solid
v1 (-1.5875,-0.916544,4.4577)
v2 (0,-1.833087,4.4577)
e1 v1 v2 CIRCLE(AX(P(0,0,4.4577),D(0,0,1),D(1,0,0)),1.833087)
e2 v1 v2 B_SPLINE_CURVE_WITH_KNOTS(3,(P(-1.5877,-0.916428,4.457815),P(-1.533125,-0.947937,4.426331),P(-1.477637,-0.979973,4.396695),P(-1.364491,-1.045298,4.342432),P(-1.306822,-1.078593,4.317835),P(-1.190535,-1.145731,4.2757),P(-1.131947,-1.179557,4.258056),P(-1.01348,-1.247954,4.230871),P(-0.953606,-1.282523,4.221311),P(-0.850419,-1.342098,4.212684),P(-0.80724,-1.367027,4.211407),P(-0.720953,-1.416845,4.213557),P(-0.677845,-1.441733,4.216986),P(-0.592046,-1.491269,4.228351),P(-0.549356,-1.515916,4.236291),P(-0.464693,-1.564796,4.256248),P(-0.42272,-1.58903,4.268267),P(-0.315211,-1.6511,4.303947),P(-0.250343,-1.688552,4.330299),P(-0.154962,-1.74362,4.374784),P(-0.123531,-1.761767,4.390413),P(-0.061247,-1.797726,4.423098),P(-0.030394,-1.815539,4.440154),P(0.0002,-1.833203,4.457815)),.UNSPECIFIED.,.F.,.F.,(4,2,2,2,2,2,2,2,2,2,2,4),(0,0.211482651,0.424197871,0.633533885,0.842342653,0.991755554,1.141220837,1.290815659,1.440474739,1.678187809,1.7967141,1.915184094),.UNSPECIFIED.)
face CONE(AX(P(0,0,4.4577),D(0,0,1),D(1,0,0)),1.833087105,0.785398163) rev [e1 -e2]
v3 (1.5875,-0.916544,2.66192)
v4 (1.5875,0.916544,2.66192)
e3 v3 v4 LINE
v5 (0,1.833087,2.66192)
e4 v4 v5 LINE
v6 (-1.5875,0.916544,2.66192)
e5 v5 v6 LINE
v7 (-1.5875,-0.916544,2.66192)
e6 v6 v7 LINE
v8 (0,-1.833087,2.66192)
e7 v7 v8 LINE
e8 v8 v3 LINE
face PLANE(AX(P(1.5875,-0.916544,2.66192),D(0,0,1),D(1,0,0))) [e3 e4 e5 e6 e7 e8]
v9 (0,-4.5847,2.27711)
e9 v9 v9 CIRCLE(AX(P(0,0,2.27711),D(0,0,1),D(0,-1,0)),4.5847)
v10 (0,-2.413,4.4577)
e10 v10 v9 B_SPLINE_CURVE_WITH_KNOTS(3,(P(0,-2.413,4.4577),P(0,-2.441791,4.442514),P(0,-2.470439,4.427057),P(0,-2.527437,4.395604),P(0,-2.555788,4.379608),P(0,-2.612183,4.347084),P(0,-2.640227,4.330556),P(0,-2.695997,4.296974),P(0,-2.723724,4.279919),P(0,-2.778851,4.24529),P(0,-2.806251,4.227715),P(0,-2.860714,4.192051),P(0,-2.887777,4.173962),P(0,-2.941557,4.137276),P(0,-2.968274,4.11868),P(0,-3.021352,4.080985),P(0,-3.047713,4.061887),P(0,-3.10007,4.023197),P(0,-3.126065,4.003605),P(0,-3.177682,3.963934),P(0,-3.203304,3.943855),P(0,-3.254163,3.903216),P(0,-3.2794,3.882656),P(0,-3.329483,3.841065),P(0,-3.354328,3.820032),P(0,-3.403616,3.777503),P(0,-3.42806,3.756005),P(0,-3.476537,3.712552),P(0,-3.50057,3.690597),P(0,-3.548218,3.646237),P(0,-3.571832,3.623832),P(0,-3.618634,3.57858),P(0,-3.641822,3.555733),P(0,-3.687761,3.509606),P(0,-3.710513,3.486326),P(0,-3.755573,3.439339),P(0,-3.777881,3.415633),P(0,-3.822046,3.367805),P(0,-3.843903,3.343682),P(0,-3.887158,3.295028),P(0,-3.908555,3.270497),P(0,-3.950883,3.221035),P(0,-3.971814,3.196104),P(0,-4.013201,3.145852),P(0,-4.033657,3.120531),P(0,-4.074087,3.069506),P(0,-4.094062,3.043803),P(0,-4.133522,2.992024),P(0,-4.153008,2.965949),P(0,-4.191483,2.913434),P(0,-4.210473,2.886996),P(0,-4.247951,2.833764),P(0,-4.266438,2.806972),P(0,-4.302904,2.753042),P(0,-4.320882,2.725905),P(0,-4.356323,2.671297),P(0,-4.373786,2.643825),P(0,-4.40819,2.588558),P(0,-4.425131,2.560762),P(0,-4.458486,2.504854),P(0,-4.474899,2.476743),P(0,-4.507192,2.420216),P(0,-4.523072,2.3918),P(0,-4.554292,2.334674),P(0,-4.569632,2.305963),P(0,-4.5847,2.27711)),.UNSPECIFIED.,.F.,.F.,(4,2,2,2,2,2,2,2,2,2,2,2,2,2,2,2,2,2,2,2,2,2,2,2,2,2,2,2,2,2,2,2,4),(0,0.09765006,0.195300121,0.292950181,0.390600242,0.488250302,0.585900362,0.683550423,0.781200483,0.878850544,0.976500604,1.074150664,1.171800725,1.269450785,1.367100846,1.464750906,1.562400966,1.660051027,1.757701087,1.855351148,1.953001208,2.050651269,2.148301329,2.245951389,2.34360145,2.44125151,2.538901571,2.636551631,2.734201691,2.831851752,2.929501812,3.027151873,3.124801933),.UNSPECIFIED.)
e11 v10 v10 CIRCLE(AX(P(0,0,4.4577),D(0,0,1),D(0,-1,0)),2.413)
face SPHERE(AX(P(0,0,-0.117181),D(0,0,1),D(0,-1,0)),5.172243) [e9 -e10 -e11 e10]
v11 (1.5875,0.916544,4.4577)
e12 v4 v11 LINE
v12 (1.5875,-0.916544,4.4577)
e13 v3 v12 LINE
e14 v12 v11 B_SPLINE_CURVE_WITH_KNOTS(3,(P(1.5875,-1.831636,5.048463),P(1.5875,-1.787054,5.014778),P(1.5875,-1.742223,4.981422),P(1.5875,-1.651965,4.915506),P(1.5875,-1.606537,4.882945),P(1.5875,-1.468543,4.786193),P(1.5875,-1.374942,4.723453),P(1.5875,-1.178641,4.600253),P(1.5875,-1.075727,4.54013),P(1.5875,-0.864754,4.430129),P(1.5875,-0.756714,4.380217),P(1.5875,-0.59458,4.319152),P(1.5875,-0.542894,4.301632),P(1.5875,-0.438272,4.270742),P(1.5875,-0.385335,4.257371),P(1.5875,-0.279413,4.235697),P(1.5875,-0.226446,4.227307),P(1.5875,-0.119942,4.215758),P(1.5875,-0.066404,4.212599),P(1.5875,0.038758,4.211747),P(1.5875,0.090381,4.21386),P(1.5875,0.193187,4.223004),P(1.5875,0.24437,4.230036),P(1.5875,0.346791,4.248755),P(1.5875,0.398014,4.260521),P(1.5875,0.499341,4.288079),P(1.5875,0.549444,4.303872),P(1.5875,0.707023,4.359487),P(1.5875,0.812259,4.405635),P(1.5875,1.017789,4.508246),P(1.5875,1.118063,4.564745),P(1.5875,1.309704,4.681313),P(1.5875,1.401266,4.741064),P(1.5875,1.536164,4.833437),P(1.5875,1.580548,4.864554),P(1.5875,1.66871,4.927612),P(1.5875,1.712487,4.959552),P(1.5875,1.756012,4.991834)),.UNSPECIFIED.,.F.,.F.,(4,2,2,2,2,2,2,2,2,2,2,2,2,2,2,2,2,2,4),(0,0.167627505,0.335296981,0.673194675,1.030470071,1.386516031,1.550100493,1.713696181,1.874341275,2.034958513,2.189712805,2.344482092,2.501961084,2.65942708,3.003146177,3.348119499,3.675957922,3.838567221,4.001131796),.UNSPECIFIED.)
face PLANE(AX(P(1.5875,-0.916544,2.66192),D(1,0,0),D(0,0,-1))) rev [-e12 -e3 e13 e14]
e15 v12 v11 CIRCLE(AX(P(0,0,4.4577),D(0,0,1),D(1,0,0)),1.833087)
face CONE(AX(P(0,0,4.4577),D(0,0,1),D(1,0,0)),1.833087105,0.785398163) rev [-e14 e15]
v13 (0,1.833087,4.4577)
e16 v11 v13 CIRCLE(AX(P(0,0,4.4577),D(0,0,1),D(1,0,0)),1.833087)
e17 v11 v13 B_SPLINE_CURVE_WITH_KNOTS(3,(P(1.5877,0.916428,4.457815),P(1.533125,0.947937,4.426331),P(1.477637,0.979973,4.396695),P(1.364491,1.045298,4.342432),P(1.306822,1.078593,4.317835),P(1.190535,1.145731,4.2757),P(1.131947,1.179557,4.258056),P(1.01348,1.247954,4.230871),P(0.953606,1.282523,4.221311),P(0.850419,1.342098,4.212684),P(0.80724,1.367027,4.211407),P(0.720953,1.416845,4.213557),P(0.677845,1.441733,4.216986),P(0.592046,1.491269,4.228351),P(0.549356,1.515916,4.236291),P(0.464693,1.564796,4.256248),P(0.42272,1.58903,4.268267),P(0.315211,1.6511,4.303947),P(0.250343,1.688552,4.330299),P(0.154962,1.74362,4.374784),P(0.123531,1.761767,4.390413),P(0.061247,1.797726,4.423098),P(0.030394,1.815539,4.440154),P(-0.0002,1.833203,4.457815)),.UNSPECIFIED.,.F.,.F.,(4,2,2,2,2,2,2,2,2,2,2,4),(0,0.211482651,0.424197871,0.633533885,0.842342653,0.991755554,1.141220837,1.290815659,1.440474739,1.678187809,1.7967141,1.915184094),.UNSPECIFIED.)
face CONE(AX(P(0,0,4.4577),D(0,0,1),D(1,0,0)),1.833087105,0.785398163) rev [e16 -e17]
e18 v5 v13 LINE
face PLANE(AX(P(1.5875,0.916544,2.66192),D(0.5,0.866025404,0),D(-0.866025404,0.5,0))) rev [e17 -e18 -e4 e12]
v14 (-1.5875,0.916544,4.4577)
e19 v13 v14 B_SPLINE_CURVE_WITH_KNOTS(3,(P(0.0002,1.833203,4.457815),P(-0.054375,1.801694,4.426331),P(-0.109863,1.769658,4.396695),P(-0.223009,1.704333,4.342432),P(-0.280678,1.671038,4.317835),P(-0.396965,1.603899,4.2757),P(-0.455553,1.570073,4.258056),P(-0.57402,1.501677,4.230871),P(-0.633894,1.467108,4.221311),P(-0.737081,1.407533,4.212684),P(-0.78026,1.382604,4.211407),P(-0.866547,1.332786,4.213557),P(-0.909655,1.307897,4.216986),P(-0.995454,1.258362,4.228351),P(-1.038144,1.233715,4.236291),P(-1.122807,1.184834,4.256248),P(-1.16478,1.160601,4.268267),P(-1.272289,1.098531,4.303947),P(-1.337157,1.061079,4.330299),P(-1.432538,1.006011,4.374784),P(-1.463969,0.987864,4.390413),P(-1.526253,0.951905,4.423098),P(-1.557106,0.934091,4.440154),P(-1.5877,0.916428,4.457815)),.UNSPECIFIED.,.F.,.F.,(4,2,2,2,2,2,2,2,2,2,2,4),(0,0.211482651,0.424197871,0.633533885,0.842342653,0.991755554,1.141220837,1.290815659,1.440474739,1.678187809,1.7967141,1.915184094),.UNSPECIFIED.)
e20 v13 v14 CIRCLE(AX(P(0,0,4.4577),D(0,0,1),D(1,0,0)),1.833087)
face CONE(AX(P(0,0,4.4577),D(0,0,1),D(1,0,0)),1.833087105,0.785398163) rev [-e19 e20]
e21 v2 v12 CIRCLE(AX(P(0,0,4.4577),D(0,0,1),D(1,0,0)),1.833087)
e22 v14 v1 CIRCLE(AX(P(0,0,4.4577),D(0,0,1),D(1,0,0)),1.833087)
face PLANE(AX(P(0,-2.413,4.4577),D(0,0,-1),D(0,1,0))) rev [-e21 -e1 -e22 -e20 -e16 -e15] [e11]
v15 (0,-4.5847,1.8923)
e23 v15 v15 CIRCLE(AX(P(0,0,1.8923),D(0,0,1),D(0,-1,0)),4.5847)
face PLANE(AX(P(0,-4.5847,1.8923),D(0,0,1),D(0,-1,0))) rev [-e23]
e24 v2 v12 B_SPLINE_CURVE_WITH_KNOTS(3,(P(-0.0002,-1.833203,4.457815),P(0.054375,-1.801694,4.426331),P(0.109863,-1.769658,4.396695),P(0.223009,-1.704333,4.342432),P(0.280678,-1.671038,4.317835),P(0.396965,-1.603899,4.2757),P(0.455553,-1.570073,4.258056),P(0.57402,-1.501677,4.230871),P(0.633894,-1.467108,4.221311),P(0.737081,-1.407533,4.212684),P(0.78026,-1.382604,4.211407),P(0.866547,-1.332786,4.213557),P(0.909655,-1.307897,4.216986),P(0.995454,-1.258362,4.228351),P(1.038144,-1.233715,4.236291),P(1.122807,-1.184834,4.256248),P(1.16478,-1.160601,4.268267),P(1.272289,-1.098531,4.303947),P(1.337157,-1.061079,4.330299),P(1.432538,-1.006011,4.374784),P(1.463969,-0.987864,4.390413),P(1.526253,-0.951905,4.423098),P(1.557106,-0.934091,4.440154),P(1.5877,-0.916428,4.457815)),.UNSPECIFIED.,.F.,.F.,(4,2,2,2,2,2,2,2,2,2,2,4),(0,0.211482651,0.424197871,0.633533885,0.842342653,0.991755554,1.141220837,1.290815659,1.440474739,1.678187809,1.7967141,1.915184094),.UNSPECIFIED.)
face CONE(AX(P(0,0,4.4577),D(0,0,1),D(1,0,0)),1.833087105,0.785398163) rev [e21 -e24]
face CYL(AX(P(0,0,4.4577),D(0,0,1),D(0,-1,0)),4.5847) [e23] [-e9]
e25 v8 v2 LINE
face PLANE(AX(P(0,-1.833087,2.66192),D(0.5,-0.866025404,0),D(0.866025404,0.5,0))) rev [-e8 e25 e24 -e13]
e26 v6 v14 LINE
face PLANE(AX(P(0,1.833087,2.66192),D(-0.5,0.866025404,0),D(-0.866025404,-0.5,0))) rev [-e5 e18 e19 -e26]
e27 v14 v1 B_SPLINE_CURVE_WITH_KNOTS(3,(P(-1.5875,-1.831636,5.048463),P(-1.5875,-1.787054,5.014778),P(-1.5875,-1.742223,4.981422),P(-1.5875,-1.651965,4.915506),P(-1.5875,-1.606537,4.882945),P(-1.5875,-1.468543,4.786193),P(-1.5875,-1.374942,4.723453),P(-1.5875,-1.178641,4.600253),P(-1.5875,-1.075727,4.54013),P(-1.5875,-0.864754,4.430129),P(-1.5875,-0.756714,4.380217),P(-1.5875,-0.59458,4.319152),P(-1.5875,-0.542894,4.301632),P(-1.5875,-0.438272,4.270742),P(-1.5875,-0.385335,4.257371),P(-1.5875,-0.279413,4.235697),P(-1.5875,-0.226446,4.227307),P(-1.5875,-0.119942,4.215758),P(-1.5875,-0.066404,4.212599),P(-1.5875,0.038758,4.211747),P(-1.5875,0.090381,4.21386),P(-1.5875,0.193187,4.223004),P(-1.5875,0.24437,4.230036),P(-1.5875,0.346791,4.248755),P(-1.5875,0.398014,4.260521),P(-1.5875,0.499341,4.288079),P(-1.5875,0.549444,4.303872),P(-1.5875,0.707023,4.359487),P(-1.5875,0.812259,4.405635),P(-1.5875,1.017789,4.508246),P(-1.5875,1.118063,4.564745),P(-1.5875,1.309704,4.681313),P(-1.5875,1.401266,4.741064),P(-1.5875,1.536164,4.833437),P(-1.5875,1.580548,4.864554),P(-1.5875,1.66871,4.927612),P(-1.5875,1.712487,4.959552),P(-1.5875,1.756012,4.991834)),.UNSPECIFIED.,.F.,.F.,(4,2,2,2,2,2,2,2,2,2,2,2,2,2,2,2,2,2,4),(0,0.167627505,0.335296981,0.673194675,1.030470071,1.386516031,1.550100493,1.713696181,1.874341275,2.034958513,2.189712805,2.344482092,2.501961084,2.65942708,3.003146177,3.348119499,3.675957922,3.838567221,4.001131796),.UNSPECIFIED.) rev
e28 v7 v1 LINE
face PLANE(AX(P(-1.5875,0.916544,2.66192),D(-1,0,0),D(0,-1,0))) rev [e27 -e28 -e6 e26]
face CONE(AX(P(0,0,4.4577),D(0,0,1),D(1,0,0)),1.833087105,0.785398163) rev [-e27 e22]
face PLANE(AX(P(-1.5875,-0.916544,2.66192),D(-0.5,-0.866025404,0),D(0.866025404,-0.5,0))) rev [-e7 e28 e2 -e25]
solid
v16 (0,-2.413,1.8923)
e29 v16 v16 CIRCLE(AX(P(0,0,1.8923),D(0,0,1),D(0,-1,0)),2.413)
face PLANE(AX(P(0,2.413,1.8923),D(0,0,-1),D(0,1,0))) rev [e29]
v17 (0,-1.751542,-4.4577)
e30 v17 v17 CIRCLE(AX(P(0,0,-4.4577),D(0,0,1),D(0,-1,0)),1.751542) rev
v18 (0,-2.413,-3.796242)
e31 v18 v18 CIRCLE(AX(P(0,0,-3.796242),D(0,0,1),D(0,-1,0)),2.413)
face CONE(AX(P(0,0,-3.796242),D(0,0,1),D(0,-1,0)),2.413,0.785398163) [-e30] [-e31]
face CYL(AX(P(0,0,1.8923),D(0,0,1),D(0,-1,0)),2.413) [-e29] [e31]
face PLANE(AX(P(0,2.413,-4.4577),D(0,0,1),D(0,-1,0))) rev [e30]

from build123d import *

# Parameters (mm, degrees)
SKETCH11_W         = 6.35
SKETCH11_H         = 2.413
CHAMFER1_SIZE      = 0.661458333
CUT_EXTRUDE2_DEPTH = 1.79578
SKETCH6_R          = 1.833087105
CUT_EXTRUDE3_DEPTH = 1.79578
CUT_EXTRUDE3_TAPER = 45


with BuildPart() as part:
    # Sketch11 → Revolve1 (revolve)
    with BuildSketch(Plane(origin=(0, 0, 0), x_dir=(0, 0, -1), z_dir=(1, 0, 0))):
        with Locations((1.2827, 1.2065)):
            Rectangle(SKETCH11_W, SKETCH11_H)
    revolve(axis=Axis((0, 0, 1.8923), (0, 0, -1)))

    # Chamfer1
    chamfer1_edges = [part.edges().sort_by_distance(p)[0] for p in [
        (0, -2.413, -4.4577),
    ]]
    chamfer(chamfer1_edges, length=CHAMFER1_SIZE)


with BuildPart() as body_2:
    # Sketch7 → Revolve2 (revolve)
    with BuildSketch(Plane(origin=(0, 0, 0), x_dir=(0, 0, -1), z_dir=(1, 0, 0))):
        with BuildLine():
            Line((-2.27711, 4.5847), (-1.8923, 4.5847))
            Line((-1.8923, 4.5847), (-1.8923, 0))
            Line((-1.8923, 0), (-4.4577, 0))
            Line((-4.4577, 0), (-4.4577, 2.413))
            ThreePointArc((-4.4577, 2.413), (-3.532669674, 3.664791196), (-2.27711, 4.5847))
        make_face()
    revolve(axis=Axis((0, 0, 4.4577), (0, 0, -1)))

    # Sketch5 → Cut-Extrude2 (cut)
    with BuildSketch(Plane.XY.offset(4.4577)):
        Polygon((1.5875, -0.916543552), (1.5875, 0.916543552), (0, 1.833087105), (-1.5875, 0.916543552), (-1.5875, -0.916543552), (0, -1.833087105), align=None)
    extrude(amount=-CUT_EXTRUDE2_DEPTH, mode=Mode.SUBTRACT)

    # Sketch6 → Cut-Extrude3 (cut)
    with BuildSketch(Plane.XY.offset(4.4577)):
        Circle(SKETCH6_R)
    extrude(amount=-CUT_EXTRUDE3_DEPTH, taper=CUT_EXTRUDE3_TAPER, mode=Mode.SUBTRACT)


solid = Compound([part.part, body_2.part])
